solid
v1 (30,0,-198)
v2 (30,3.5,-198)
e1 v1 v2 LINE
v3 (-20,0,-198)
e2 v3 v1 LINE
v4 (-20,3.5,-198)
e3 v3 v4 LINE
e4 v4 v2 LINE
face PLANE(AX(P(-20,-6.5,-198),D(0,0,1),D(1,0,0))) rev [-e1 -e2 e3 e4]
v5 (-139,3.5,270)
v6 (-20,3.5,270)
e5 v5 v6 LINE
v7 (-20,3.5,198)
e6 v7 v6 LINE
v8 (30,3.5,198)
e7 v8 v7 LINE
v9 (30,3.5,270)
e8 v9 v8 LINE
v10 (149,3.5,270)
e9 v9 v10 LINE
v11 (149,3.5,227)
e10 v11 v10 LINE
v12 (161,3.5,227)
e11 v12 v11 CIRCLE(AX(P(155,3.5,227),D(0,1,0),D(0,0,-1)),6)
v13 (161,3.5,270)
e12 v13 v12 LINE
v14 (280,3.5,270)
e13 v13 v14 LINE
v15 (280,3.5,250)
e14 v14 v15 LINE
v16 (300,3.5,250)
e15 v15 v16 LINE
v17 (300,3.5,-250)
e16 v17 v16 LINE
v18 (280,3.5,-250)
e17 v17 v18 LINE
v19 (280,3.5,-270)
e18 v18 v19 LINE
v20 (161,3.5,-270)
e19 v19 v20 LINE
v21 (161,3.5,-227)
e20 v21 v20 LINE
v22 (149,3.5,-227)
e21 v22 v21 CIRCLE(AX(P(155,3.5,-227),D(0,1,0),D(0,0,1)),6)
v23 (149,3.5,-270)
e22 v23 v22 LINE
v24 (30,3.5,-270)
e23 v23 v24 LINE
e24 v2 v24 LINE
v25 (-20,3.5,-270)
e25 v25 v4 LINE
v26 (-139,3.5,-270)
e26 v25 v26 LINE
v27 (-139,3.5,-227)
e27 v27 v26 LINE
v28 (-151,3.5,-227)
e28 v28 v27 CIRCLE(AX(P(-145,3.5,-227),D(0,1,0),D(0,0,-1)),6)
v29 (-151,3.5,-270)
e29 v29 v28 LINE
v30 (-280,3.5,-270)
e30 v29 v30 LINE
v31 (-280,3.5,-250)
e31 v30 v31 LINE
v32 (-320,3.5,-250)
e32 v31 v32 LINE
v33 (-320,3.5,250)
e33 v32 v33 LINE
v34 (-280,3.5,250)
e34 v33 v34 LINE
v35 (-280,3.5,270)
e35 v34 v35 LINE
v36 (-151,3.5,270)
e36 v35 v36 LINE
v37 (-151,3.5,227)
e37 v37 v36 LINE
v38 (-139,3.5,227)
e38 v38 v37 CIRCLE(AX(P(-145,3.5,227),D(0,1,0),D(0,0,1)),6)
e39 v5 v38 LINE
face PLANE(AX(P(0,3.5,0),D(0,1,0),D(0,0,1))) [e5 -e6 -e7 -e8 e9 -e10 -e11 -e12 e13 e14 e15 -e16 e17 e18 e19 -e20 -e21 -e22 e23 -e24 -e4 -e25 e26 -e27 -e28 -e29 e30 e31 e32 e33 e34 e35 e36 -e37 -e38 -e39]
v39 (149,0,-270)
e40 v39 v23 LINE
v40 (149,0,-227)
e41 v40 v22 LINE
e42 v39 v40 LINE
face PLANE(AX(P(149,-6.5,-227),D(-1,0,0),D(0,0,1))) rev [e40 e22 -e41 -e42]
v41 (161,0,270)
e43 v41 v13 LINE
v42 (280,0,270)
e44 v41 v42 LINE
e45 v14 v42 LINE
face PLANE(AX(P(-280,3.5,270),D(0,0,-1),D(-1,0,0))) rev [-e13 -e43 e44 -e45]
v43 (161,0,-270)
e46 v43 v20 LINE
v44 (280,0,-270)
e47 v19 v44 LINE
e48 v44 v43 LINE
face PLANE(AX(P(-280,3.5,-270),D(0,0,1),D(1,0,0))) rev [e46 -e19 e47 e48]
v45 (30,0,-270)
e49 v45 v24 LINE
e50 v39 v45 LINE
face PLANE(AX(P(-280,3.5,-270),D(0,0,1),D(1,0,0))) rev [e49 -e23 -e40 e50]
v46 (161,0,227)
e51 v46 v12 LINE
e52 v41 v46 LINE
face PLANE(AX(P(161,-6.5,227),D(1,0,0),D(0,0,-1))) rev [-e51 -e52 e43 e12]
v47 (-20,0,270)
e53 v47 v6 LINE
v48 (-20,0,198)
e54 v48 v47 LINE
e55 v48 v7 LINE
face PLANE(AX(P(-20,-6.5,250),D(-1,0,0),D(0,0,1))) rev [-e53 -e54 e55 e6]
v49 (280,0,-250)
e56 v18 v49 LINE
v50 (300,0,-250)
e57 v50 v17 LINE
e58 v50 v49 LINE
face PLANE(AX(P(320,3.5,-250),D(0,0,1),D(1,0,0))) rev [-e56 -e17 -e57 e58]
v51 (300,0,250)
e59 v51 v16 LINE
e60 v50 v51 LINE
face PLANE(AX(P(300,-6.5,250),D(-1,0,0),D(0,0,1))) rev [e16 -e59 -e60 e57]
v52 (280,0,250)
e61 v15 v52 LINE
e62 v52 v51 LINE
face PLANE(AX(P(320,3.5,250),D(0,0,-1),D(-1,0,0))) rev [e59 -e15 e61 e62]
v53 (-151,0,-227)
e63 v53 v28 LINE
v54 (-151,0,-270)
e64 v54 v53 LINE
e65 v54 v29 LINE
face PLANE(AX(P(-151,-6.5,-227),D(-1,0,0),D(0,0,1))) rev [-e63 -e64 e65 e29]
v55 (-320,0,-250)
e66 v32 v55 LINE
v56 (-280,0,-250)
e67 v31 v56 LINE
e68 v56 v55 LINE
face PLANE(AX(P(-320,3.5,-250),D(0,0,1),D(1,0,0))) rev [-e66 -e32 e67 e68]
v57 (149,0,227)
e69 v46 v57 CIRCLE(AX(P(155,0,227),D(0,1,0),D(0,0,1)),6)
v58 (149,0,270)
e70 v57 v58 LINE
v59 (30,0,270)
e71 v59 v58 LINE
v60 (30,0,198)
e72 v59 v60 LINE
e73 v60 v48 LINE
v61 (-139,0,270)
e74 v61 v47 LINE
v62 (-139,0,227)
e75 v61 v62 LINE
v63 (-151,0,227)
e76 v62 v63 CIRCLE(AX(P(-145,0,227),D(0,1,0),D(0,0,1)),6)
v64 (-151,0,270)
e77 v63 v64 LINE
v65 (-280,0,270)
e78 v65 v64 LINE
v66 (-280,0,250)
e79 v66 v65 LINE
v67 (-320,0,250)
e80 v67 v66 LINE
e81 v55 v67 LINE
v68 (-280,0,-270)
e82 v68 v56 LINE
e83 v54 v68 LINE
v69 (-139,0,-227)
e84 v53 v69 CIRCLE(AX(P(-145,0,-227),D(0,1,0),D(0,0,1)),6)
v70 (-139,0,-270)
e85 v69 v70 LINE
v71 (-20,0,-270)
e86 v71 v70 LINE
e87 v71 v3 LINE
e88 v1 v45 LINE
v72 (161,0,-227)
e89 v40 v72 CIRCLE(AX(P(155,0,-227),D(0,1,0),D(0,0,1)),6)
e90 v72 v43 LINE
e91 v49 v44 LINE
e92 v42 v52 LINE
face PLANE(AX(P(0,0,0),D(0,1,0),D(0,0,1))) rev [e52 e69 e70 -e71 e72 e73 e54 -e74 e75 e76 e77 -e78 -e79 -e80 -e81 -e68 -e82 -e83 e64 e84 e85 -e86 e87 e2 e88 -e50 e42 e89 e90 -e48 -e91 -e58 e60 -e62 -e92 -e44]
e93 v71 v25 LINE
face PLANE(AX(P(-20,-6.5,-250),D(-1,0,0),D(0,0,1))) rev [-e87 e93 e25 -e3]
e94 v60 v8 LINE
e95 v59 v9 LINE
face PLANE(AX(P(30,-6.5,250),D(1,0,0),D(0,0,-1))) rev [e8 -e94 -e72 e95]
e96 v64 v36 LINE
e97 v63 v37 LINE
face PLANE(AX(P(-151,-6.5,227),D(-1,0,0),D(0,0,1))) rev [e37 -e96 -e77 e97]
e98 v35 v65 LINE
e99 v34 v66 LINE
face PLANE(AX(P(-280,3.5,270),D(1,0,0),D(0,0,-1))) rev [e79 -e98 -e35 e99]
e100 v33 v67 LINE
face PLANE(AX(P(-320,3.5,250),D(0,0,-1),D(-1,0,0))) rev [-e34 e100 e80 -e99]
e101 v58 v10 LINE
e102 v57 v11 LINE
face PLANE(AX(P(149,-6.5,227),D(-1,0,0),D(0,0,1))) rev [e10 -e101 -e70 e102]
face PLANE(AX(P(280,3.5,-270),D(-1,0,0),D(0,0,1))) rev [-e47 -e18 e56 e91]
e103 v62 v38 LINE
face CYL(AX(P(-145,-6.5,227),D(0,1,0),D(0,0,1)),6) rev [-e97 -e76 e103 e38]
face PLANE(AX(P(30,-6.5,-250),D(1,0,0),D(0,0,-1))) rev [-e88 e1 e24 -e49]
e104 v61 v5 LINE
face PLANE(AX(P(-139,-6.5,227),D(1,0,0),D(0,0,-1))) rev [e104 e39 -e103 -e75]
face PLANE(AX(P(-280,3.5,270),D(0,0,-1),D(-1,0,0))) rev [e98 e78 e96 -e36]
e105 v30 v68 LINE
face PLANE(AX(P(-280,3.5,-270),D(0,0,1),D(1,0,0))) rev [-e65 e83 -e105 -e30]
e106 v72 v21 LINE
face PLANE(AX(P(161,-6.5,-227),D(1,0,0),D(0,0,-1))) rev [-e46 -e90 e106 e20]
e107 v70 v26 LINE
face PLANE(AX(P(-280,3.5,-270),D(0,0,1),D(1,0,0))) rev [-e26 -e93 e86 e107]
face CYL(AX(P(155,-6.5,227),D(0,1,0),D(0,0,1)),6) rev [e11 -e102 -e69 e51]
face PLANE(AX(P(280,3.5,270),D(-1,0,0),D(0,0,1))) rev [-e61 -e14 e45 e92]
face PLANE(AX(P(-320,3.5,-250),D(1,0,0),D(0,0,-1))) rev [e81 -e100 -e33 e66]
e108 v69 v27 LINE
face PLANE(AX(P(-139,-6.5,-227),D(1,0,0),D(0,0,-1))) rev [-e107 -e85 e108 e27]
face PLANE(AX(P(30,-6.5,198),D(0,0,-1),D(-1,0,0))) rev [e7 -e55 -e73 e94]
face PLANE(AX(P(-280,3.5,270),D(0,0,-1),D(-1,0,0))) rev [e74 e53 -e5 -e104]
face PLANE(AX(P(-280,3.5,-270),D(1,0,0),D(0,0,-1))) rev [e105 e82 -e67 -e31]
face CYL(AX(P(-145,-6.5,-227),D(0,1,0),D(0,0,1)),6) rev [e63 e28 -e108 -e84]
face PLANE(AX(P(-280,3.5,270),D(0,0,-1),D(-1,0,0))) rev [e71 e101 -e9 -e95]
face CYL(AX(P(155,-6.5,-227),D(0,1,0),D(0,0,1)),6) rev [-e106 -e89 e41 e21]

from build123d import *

# Parameters (mm, degrees)
BOSS_EXTRUDE1_DEPTH = 3.5
SKETCH2_W           = 20
SKETCH2_H           = 40
CUT_EXTRUDE1_DEPTH  = 10
CUT_EXTRUDE2_DEPTH  = 10
SKETCH4_W           = 20
SKETCH4_H           = 420
CUT_EXTRUDE3_DEPTH  = 4.5


with BuildPart() as part:
    # Sketch1 → Boss-Extrude1 (new body)
    with BuildSketch(Plane(origin=(0, 0, 0), x_dir=(1, 0, 0), z_dir=(0, 1, 0))):
        Polygon((-280, 270), (280, 270), (280, 250), (320, 250), (320, -250), (280, -250), (280, -270), (-280, -270), (-280, -250), (-320, -250), (-320, 250), (-280, 250), align=None)
    extrude(amount=BOSS_EXTRUDE1_DEPTH)

    # Sketch2 → Cut-Extrude1 (cut)
    with BuildSketch(Plane(origin=(0, 3.5, 0), x_dir=(1, 0, 0), z_dir=(0, 1, 0))):
        Polygon((30, -250), (30, -198), (-20, -198), (-20, -250), (-20, -270), (30, -270), align=None)
        Polygon((-20, 198), (30, 198), (30, 250), (30, 270), (-20, 270), (-20, 250), align=None)
        with Locations((310, 230)):
            Rectangle(SKETCH2_W, SKETCH2_H)
        with Locations((310, -230)):
            Rectangle(SKETCH2_W, SKETCH2_H)
    extrude(amount=-CUT_EXTRUDE1_DEPTH, mode=Mode.SUBTRACT)

    # Sketch3 → Cut-Extrude2 (cut)
    with BuildSketch(Plane(origin=(0, 3.5, 0), x_dir=(1, 0, 0), z_dir=(0, 1, 0))):
        with BuildLine():
            Line((149, 227), (149, 270))
            Line((149, 270), (161, 270))
            Line((161, 270), (161, 227))
            ThreePointArc((161, 227), (155, 221), (149, 227))
        make_face()
        with BuildLine():
            Line((161, -227), (161, -270))
            Line((161, -270), (149, -270))
            Line((149, -270), (149, -227))
            ThreePointArc((149, -227), (155, -221), (161, -227))
        make_face()
        with BuildLine():
            Line((-139, -227), (-139, -270))
            Line((-139, -270), (-151, -270))
            Line((-151, -270), (-151, -227))
            ThreePointArc((-151, -227), (-145, -221), (-139, -227))
        make_face()
        with BuildLine():
            Line((-151, 227), (-151, 270))
            Line((-151, 270), (-139, 270))
            Line((-139, 270), (-139, 227))
            ThreePointArc((-139, 227), (-145, 221), (-151, 227))
        make_face()
    extrude(amount=-CUT_EXTRUDE2_DEPTH, mode=Mode.SUBTRACT)

    # Sketch4 → Cut-Extrude3 (cut, through all)
    with BuildSketch(Plane(origin=(0, 3.5, 0), x_dir=(1, 0, 0), z_dir=(0, 1, 0))):
        with Locations((310, 0)):
            Rectangle(SKETCH4_W, SKETCH4_H)
    extrude(amount=-CUT_EXTRUDE3_DEPTH, mode=Mode.SUBTRACT)


solid = part.part
